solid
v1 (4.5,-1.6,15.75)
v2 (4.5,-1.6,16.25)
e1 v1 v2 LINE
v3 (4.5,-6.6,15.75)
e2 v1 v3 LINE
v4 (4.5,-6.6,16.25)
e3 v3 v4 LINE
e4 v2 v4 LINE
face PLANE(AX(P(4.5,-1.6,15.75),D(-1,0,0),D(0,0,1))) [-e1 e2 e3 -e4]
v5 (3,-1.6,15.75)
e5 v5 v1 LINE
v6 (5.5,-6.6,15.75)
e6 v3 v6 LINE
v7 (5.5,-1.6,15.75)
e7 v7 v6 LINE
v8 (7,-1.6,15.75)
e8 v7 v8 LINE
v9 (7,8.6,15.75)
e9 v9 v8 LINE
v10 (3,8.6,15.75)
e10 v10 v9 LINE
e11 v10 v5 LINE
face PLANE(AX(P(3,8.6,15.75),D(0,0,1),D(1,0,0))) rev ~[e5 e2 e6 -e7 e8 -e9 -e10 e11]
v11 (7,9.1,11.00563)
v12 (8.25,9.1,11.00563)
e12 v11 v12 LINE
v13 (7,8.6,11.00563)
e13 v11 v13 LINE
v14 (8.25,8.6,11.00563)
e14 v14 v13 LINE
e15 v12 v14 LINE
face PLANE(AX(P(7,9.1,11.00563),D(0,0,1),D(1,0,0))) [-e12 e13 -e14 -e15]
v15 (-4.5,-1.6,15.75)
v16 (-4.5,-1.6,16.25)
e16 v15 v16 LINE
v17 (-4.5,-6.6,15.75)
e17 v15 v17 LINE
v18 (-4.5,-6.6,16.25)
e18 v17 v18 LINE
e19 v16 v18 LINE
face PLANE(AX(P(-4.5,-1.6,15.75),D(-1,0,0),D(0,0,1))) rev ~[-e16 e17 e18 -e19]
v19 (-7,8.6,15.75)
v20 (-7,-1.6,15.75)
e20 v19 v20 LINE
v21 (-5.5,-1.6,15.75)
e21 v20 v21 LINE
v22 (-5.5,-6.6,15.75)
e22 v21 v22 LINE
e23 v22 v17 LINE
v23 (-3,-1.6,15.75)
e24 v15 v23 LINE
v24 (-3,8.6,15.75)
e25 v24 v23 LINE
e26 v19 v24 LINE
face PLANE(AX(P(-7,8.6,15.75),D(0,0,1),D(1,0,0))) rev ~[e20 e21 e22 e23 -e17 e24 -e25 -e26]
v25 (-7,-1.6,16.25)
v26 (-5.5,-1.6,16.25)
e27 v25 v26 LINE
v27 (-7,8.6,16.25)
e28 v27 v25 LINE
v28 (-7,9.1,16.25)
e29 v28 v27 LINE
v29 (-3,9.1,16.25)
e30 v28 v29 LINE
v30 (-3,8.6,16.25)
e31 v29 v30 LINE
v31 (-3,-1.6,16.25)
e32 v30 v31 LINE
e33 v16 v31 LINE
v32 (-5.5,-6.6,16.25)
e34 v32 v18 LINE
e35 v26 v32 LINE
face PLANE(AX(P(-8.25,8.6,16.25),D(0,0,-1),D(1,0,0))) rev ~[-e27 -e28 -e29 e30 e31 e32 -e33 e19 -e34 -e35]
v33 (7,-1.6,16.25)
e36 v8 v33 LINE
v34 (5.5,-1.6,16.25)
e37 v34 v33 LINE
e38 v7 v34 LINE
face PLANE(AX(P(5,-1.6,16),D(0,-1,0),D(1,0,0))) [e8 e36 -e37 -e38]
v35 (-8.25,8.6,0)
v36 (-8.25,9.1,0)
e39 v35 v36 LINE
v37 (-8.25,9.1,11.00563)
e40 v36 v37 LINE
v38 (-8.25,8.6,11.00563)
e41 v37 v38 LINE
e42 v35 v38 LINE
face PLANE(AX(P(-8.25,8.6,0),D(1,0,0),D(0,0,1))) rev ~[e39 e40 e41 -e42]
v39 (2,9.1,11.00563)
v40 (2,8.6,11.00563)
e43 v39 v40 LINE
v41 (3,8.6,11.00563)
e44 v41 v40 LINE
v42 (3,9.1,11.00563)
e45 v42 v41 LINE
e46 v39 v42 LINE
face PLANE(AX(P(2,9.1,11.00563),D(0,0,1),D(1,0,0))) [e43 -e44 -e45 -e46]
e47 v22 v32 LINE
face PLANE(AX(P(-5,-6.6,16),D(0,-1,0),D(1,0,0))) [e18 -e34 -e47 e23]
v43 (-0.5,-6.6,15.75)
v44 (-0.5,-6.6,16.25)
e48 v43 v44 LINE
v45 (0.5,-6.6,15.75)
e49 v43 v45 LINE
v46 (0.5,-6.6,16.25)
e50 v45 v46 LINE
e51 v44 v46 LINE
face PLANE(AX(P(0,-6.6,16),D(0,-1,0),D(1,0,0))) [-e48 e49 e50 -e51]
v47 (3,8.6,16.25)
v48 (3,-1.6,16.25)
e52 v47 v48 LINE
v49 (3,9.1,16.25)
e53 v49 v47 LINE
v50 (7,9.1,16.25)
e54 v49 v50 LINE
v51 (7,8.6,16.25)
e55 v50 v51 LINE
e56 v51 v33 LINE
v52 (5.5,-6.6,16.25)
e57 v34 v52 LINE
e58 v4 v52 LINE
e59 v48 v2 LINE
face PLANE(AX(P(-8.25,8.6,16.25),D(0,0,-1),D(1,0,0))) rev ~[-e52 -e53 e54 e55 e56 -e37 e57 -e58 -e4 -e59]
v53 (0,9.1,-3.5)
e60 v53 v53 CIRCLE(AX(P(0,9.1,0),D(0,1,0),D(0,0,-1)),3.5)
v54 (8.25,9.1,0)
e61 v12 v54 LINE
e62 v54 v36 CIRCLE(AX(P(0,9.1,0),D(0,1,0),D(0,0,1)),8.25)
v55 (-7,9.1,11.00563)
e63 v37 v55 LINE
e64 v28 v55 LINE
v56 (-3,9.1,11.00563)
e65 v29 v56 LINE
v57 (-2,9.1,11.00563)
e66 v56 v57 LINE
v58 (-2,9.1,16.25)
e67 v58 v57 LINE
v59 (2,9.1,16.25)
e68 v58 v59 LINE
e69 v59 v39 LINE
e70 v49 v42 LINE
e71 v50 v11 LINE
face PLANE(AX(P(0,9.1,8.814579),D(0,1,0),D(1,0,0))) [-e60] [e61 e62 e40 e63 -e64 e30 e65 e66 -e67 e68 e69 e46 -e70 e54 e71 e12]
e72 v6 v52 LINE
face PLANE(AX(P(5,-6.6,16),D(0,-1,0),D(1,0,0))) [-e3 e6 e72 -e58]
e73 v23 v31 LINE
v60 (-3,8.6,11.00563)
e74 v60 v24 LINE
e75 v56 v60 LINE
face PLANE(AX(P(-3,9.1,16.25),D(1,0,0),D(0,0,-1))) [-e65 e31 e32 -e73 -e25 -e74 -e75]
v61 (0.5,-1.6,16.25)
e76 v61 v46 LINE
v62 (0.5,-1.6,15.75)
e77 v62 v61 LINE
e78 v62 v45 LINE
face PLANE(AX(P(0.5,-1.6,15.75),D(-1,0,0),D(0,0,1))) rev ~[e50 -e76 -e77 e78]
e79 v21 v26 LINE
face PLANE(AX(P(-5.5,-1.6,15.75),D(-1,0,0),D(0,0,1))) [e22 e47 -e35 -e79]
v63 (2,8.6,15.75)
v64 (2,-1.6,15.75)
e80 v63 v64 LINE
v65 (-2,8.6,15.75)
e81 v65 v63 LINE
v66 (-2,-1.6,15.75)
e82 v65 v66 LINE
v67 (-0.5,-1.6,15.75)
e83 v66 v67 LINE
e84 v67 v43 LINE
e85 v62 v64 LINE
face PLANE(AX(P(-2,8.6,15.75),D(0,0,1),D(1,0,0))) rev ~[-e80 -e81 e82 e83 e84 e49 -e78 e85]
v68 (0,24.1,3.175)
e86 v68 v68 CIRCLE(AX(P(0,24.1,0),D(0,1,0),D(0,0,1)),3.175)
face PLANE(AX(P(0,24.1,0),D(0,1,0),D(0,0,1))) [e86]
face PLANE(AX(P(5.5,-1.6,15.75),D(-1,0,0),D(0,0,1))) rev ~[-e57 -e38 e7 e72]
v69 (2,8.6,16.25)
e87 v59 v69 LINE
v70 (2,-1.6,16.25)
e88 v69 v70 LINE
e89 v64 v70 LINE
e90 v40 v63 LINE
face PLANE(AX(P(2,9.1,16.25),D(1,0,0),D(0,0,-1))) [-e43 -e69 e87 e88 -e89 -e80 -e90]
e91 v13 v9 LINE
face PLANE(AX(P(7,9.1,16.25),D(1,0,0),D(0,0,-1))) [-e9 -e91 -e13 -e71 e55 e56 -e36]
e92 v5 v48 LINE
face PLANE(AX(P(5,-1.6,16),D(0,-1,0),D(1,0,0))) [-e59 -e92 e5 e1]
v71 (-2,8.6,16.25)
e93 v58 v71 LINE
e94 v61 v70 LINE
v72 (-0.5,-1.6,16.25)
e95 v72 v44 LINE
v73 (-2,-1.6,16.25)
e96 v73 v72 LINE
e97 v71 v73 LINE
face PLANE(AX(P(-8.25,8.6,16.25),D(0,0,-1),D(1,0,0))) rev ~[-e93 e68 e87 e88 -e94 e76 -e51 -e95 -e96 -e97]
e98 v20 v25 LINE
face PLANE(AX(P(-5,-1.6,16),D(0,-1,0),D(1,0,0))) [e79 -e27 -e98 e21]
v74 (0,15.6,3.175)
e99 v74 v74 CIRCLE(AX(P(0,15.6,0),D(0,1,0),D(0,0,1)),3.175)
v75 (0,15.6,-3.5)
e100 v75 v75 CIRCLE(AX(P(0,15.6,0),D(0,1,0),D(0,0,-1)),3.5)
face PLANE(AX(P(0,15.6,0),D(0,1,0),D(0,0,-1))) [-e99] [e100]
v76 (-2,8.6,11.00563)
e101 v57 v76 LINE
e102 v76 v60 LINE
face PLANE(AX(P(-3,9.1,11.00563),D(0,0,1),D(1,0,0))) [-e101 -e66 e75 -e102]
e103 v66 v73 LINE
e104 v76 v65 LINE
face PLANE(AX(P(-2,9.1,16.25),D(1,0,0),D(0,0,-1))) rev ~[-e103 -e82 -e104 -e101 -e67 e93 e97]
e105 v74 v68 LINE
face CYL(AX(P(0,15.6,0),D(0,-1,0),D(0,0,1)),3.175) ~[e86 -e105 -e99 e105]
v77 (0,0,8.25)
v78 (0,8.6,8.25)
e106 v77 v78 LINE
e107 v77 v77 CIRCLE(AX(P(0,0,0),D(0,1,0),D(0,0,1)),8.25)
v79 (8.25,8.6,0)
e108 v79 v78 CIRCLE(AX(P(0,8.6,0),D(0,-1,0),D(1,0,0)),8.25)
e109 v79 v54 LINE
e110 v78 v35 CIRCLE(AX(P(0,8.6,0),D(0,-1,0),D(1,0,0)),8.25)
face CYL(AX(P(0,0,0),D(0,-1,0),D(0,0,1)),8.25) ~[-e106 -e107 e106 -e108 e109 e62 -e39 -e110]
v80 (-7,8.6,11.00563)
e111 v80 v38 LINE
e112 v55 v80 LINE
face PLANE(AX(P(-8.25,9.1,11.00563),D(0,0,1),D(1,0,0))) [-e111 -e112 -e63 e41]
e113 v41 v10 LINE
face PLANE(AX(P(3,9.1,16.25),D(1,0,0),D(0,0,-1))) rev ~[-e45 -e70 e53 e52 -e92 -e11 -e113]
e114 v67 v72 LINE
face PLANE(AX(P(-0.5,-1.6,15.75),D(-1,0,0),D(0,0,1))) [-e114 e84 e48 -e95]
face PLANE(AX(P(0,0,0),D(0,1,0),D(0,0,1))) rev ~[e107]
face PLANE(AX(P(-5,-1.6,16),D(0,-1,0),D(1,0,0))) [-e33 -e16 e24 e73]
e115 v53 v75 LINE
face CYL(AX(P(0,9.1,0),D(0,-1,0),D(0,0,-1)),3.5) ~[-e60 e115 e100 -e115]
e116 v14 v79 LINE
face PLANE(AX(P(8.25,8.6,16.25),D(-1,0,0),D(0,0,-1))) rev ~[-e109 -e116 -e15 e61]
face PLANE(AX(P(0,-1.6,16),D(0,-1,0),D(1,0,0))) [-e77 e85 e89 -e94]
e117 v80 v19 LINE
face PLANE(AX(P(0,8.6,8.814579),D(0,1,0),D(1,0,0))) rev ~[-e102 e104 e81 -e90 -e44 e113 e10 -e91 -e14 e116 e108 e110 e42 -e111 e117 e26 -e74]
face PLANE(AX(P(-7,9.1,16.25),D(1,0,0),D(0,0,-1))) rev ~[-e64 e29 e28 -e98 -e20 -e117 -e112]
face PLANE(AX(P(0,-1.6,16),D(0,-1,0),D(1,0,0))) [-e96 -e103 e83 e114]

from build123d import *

# Parameters (mm, degrees)
SKETCH1_R           = 8.25
BOSS_EXTRUDE1_DEPTH = 9.1
SKETCH2_R           = 3.5
BOSS_EXTRUDE2_DEPTH = 6.5
SKETCH3_R           = 3.175
BOSS_EXTRUDE3_DEPTH = 8.5
BOSS_EXTRUDE4_START = -0.5
BOSS_EXTRUDE4_DEPTH = 0.5
SKETCH5_W           = 4
SKETCH5_H           = 0.5
BOSS_EXTRUDE5_DEPTH = 10.2
SKETCH6_W           = 1
SKETCH6_H           = 0.5
BOSS_EXTRUDE6_DEPTH = 5
CUT_EXTRUDE1_REACH  = 26.054
SKETCH7_W           = 1.25
SKETCH7_H           = 5.244370441
SKETCH7_W_2         = 1


with BuildPart() as part:
    # Sketch1 → Boss-Extrude1 (new body)
    with BuildSketch(Plane(origin=(0, 0, 0), x_dir=(1, 0, 0), z_dir=(0, 1, 0))):
        with Locations(Location((0, 0, 0), (0, 0, 270))):
            Circle(SKETCH1_R)
    extrude(amount=BOSS_EXTRUDE1_DEPTH)

    # Sketch2 → Boss-Extrude2 (add)
    with BuildSketch(Plane(origin=(0, 9.1, 0), x_dir=(1, 0, 0), z_dir=(0, 1, 0))):
        with Locations(Location((0, 0, 0), (0, 0, 90))):
            Circle(SKETCH2_R)
    extrude(amount=BOSS_EXTRUDE2_DEPTH)

    # Sketch3 → Boss-Extrude3 (add)
    with BuildSketch(Plane(origin=(0, 15.6, 0), x_dir=(1, 0, 0), z_dir=(0, 1, 0))):
        with Locations(Location((0, 0, 0), (0, 0, 270))):
            Circle(SKETCH3_R)
    extrude(amount=BOSS_EXTRUDE3_DEPTH)

    # Sketch4 → Boss-Extrude4 (add)
    with BuildSketch(Plane(origin=(0, 9.1, 0), x_dir=(1, 0, 0), z_dir=(0, 1, 0)).offset(BOSS_EXTRUDE4_START)):
        with BuildLine():
            Line((-8.25, 0), (-8.25, -16.25))
            Line((-8.25, -16.25), (8.25, -16.25))
            Line((8.25, -16.25), (8.25, 0))
            ThreePointArc((8.25, 0), (0, -8.25), (-8.25, 0))
        make_face()
    extrude(amount=BOSS_EXTRUDE4_DEPTH)

    # Sketch5 → Boss-Extrude5 (add)
    with BuildSketch(Plane.XZ.offset(-8.6)):
        with Locations((0, 16)):
            Rectangle(SKETCH5_W, SKETCH5_H)
        with Locations((-5, 16)):
            Rectangle(SKETCH5_W, SKETCH5_H)
        with Locations((5, 16)):
            Rectangle(SKETCH5_W, SKETCH5_H)
    extrude(amount=BOSS_EXTRUDE5_DEPTH)

    # Sketch6 → Boss-Extrude6 (add)
    with BuildSketch(Plane.XZ.offset(1.6)):
        with Locations((5, 16)):
            Rectangle(SKETCH6_W, SKETCH6_H)
        with Locations((0, 16)):
            Rectangle(SKETCH6_W, SKETCH6_H)
        with Locations((-5, 16)):
            Rectangle(SKETCH6_W, SKETCH6_H)
    extrude(amount=BOSS_EXTRUDE6_DEPTH)

    # Sketch7 → Cut-Extrude1 (cut, up to next)
    with BuildSketch(Plane(origin=(0, 9.1, 0), x_dir=(1, 0, 0), z_dir=(0, 1, 0)), mode=Mode.PRIVATE) as cut_extrude1_sk1:
        with Locations((-7.625, -13.627814779)):
            Rectangle(SKETCH7_W, SKETCH7_H)
    cut_extrude1_tool1 = extrude(cut_extrude1_sk1.sketch, amount=-CUT_EXTRUDE1_REACH, mode=Mode.PRIVATE) & part.part
    # Sketch7 → Cut-Extrude1 (cut, up to next)
    with BuildSketch(Plane(origin=(0, 9.1, 0), x_dir=(1, 0, 0), z_dir=(0, 1, 0)), mode=Mode.PRIVATE) as cut_extrude1_sk2:
        with Locations((7.625, -13.627814779)):
            Rectangle(SKETCH7_W, SKETCH7_H)
    cut_extrude1_tool2 = extrude(cut_extrude1_sk2.sketch, amount=-CUT_EXTRUDE1_REACH, mode=Mode.PRIVATE) & part.part
    # Sketch7 → Cut-Extrude1 (cut, up to next)
    with BuildSketch(Plane(origin=(0, 9.1, 0), x_dir=(1, 0, 0), z_dir=(0, 1, 0)), mode=Mode.PRIVATE) as cut_extrude1_sk3:
        with Locations((2.5, -13.627814779)):
            Rectangle(SKETCH7_W_2, SKETCH7_H)
    cut_extrude1_tool3 = extrude(cut_extrude1_sk3.sketch, amount=-CUT_EXTRUDE1_REACH, mode=Mode.PRIVATE) & part.part
    # Sketch7 → Cut-Extrude1 (cut, up to next)
    with BuildSketch(Plane(origin=(0, 9.1, 0), x_dir=(1, 0, 0), z_dir=(0, 1, 0)), mode=Mode.PRIVATE) as cut_extrude1_sk4:
        with Locations((-2.5, -13.627814779)):
            Rectangle(SKETCH7_W_2, SKETCH7_H)
    cut_extrude1_tool4 = extrude(cut_extrude1_sk4.sketch, amount=-CUT_EXTRUDE1_REACH, mode=Mode.PRIVATE) & part.part
    add(cut_extrude1_tool1.solids().sort_by_distance((-7.625, 9.1, 13.627815))[0], mode=Mode.SUBTRACT)
    add(cut_extrude1_tool2.solids().sort_by_distance((7.625, 9.1, 13.627815))[0], mode=Mode.SUBTRACT)
    add(cut_extrude1_tool3.solids().sort_by_distance((2.5, 9.1, 13.627815))[0], mode=Mode.SUBTRACT)
    add(cut_extrude1_tool4.solids().sort_by_distance((-2.5, 9.1, 13.627815))[0], mode=Mode.SUBTRACT)


solid = part.part
